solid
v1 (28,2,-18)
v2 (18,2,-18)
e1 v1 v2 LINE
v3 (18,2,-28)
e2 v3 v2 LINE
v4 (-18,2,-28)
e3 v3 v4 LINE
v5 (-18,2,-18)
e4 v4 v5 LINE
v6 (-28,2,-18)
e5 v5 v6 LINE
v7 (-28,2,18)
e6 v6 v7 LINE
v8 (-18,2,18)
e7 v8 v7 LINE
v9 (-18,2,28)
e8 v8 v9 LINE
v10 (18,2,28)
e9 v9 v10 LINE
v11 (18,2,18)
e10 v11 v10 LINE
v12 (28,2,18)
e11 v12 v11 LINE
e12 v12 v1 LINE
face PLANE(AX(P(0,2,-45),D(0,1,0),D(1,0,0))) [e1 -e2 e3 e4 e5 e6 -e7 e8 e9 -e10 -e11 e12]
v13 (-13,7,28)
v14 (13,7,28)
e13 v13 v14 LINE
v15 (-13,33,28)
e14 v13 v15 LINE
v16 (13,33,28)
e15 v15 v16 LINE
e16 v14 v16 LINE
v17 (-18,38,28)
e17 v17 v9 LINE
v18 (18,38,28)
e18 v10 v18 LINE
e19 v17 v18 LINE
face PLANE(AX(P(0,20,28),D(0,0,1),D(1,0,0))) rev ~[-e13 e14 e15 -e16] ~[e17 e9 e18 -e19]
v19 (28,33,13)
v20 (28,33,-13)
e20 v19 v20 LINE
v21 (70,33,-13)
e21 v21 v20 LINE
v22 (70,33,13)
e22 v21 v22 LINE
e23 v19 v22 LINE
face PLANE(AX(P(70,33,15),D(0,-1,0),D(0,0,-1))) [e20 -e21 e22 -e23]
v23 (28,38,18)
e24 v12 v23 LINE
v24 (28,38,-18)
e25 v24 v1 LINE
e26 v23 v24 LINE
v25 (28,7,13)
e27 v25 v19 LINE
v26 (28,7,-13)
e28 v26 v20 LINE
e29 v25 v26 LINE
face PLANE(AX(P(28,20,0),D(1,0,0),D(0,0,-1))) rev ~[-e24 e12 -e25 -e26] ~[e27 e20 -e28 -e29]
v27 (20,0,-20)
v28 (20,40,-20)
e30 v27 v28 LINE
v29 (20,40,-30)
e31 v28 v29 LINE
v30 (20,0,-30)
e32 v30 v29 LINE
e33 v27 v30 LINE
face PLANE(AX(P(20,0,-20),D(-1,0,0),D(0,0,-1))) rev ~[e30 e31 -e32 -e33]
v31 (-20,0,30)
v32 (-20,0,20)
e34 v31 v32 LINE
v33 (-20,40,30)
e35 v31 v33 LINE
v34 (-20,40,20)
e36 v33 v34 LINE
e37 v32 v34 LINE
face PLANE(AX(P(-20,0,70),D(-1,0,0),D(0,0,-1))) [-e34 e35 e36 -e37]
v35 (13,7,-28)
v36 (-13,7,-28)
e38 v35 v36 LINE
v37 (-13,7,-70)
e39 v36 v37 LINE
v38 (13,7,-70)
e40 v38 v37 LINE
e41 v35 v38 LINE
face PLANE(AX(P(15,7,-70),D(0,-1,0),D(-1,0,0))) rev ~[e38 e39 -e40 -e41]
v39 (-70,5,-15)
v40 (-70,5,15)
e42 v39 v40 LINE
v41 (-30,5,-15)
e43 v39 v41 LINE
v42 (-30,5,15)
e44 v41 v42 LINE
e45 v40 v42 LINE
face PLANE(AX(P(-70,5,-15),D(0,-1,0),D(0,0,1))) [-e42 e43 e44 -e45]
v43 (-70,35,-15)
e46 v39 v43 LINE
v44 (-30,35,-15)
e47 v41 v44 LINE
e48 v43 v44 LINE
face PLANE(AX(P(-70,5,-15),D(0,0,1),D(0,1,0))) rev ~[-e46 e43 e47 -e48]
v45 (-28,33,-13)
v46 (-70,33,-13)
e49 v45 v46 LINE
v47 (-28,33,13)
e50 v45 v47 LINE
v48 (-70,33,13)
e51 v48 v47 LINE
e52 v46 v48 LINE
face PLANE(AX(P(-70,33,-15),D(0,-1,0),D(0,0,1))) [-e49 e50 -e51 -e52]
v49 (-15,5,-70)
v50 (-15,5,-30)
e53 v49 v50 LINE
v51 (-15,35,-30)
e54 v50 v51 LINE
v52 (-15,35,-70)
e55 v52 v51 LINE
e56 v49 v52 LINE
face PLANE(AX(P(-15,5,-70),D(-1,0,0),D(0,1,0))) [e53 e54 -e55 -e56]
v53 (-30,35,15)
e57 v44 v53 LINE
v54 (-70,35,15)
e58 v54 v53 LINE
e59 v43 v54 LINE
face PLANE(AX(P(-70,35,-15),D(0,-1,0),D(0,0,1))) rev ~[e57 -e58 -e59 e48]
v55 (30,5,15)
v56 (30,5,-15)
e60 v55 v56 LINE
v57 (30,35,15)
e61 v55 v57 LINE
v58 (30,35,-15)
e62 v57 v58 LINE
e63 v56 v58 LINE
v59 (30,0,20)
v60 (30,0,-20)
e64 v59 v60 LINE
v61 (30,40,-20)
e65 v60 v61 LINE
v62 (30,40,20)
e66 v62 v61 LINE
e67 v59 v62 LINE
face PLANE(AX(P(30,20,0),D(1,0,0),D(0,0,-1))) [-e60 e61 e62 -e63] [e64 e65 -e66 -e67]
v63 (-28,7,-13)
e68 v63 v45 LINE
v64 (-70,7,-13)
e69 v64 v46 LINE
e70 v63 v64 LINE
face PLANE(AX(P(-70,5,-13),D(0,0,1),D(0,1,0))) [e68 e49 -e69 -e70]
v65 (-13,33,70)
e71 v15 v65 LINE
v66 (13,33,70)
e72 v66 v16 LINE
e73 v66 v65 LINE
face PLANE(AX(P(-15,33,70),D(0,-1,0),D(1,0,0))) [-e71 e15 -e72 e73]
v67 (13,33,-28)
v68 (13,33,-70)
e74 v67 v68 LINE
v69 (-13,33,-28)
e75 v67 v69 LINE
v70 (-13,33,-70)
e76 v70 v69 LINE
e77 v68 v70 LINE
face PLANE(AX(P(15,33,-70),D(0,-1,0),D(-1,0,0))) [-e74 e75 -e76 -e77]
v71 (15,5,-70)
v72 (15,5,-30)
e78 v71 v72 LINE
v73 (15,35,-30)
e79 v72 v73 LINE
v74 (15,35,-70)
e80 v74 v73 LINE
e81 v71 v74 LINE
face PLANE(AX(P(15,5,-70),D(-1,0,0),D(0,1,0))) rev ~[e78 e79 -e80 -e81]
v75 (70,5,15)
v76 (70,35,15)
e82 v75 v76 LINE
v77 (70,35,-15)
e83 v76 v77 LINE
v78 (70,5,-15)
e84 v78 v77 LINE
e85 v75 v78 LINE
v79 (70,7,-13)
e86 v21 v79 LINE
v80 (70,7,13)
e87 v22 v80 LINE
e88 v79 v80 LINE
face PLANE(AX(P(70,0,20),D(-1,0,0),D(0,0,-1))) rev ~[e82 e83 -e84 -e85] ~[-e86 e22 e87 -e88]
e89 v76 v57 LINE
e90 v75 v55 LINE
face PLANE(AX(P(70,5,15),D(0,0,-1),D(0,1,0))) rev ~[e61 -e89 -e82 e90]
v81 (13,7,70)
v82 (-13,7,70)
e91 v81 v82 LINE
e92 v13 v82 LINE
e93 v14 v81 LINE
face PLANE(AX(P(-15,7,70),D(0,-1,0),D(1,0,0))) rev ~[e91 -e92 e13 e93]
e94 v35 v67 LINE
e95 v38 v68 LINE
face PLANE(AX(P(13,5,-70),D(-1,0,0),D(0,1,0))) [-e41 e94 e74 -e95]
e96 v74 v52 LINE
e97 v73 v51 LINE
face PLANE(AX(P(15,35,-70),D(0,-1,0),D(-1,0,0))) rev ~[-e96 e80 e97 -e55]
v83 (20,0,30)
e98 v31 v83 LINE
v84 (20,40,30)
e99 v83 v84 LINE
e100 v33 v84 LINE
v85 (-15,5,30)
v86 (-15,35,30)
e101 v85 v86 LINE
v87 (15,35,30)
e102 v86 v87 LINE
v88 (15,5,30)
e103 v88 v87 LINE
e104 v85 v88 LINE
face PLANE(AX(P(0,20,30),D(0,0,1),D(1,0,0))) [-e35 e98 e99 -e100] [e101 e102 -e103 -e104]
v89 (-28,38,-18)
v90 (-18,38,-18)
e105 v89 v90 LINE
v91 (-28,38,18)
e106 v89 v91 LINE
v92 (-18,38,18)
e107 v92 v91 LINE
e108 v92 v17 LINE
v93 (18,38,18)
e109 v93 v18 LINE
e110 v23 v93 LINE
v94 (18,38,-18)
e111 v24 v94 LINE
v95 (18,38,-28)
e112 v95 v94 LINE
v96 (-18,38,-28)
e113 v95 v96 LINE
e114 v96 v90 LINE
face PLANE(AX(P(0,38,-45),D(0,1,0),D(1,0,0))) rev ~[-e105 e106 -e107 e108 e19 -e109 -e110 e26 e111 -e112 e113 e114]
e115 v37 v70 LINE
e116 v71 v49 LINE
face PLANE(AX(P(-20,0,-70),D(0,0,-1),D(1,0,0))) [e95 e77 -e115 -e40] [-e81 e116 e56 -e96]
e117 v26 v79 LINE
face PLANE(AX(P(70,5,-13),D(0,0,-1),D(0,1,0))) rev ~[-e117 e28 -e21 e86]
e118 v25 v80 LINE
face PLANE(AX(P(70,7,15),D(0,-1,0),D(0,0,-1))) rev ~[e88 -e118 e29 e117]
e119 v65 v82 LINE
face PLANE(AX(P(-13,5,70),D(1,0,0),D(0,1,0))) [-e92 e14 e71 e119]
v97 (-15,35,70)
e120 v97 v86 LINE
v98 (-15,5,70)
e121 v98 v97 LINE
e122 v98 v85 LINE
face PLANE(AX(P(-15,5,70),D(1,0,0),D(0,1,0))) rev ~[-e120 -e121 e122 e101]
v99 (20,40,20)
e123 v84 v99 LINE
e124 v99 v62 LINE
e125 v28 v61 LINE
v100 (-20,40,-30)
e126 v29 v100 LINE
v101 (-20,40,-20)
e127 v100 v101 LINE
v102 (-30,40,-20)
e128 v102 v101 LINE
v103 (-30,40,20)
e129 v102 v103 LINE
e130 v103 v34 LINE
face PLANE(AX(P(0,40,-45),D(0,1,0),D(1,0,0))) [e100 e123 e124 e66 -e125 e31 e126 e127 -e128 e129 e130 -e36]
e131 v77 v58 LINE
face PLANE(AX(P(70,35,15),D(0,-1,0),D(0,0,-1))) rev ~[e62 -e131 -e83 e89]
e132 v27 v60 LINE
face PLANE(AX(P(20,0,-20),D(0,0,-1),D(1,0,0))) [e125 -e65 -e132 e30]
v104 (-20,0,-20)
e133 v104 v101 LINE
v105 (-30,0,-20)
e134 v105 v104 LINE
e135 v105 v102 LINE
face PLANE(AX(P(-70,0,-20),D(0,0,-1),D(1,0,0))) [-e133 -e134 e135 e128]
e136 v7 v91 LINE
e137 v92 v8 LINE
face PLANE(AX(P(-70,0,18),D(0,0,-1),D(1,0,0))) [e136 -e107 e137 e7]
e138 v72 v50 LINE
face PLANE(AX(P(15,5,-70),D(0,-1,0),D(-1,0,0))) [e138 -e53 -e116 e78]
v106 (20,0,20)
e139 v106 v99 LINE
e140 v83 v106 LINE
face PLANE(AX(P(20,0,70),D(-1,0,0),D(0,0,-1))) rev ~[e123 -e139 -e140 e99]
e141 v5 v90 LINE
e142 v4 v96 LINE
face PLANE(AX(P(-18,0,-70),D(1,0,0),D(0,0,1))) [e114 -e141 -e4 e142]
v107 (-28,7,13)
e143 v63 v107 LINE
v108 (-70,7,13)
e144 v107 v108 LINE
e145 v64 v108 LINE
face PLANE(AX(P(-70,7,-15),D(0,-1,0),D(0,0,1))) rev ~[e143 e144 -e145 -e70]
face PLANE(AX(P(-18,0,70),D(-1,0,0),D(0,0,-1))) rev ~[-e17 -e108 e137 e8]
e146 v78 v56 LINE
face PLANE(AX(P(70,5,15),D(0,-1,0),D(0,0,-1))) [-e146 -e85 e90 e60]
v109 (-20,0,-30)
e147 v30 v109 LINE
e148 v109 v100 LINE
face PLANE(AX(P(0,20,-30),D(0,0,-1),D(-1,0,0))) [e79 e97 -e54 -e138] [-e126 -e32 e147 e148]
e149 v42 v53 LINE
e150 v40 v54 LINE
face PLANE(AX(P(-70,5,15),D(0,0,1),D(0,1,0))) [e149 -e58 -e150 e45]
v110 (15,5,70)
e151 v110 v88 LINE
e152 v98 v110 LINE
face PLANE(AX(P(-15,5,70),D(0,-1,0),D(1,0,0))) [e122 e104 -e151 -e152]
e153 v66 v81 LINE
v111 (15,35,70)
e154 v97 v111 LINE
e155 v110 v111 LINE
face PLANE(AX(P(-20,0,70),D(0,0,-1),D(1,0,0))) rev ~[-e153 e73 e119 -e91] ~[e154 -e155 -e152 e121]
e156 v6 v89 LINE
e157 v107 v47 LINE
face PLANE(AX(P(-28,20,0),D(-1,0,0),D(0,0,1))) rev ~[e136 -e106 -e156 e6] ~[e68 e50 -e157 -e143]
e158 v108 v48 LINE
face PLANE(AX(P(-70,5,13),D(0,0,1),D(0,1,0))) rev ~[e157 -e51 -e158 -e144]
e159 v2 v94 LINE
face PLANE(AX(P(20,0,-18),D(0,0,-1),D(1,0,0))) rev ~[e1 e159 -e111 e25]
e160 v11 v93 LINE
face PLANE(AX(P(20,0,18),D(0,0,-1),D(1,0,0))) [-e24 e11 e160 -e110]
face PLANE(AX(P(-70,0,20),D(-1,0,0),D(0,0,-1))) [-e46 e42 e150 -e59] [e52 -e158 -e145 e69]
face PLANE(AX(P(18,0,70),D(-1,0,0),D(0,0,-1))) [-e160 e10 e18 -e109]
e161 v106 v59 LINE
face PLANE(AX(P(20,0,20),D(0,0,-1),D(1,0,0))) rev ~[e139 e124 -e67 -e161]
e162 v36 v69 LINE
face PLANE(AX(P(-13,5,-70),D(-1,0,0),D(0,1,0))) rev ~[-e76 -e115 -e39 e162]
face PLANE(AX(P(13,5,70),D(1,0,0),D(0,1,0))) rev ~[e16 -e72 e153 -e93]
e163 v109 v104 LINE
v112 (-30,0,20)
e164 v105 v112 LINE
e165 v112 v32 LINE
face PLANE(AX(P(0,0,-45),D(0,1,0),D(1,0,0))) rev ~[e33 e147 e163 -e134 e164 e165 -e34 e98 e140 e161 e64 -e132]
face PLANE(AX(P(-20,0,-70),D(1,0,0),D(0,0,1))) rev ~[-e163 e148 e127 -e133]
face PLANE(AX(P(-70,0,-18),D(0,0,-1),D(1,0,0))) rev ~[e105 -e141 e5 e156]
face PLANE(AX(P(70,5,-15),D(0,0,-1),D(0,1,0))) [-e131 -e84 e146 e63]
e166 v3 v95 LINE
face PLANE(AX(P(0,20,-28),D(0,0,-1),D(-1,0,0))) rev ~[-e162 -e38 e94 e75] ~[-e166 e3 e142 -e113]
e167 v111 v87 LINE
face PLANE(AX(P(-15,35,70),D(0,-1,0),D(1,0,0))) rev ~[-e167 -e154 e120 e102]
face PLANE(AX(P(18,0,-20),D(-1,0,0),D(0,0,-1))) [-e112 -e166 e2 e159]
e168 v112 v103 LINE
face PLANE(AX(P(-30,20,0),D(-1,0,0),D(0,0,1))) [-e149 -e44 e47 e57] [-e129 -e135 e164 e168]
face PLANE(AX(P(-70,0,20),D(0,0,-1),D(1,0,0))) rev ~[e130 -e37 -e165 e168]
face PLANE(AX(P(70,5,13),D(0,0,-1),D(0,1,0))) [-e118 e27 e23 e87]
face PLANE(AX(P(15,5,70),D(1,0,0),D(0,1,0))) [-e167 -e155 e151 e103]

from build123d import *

# Parameters (mm, degrees)
CROQUIS1_W     = 40
CROQUIS1_H     = 50
CROQUIS1_H_2   = 40
CROQUIS1_W_2   = 50
EXTRUIR1_DEPTH = 40
CROQUIS2_W     = 40
CROQUIS2_H     = 40
CROQUIS2_W_2   = 30
CROQUIS2_H_2   = 30
EXTRUIR2_DEPTH = 40
CROQUIS3_W     = 40
CROQUIS3_H     = 40
CROQUIS3_W_2   = 30
CROQUIS3_H_2   = 30
EXTRUIR3_DEPTH = 40
CROQUIS5_W     = 40
CROQUIS5_H     = 40
CROQUIS5_W_2   = 30
CROQUIS5_H_2   = 30
EXTRUIR4_DEPTH = 40
CROQUIS6_W     = 40
CROQUIS6_H     = 40
CROQUIS6_W_2   = 30
CROQUIS6_H_2   = 30
EXTRUIR5_DEPTH = 40
VACIADO1_T     = -2


with BuildPart() as part:
    # Croquis1 → Extruir1 (new body)
    with BuildSketch(Plane(origin=(0, 0, 0), x_dir=(1, 0, 0), z_dir=(0, 1, 0))):
        with Locations((0, 45)):
            Rectangle(CROQUIS1_W, CROQUIS1_H)
        Rectangle(CROQUIS1_W, CROQUIS1_H_2)
        with Locations((45, 0)):
            Rectangle(CROQUIS1_W_2, CROQUIS1_H_2)
        with Locations((-45, 0)):
            Rectangle(CROQUIS1_W_2, CROQUIS1_H_2)
        with Locations((0, -45)):
            Rectangle(CROQUIS1_W, CROQUIS1_H)
    extrude(amount=EXTRUIR1_DEPTH)

    # Croquis2 → Extruir2 (cut)
    with BuildSketch(Plane(origin=(70, 0, 0), x_dir=(0, 0, -1), z_dir=(1, 0, 0))):
        with Locations((0, 20)):
            Rectangle(CROQUIS2_W, CROQUIS2_H)
        with Locations((0, 20)):
            Rectangle(CROQUIS2_W_2, CROQUIS2_H_2, mode=Mode.SUBTRACT)
    extrude(amount=-EXTRUIR2_DEPTH, mode=Mode.SUBTRACT)

    # Croquis3 → Extruir3 (cut)
    with BuildSketch(Plane(origin=(0, 0, -70), x_dir=(-1, 0, 0), z_dir=(0, 0, -1))):
        with Locations((0, 20)):
            Rectangle(CROQUIS3_W, CROQUIS3_H)
        with Locations((0, 20)):
            Rectangle(CROQUIS3_W_2, CROQUIS3_H_2, mode=Mode.SUBTRACT)
    extrude(amount=-EXTRUIR3_DEPTH, mode=Mode.SUBTRACT)

    # Croquis5 → Extruir4 (cut)
    with BuildSketch(Plane.ZY.offset(70)):
        with Locations((0, 20)):
            Rectangle(CROQUIS5_W, CROQUIS5_H)
        with Locations((0, 20)):
            Rectangle(CROQUIS5_W_2, CROQUIS5_H_2, mode=Mode.SUBTRACT)
    extrude(amount=-EXTRUIR4_DEPTH, mode=Mode.SUBTRACT)

    # Croquis6 → Extruir5 (cut)
    with BuildSketch(Plane.XY.offset(70)):
        with Locations((0, 20)):
            Rectangle(CROQUIS6_W, CROQUIS6_H)
        with Locations((0, 20)):
            Rectangle(CROQUIS6_W_2, CROQUIS6_H_2, mode=Mode.SUBTRACT)
    extrude(amount=-EXTRUIR5_DEPTH, mode=Mode.SUBTRACT)

    # Vaciado1
    vaciado1_openings = [part.faces().sort_by_distance(p)[0] for p in [
        (0, 20, 70),
        (70, 20, 0),
        (0, 20, -70),
        (-70, 20, 0),
    ]]
    offset(amount=VACIADO1_T, openings=vaciado1_openings, kind=Kind.INTERSECTION)


solid = part.part
